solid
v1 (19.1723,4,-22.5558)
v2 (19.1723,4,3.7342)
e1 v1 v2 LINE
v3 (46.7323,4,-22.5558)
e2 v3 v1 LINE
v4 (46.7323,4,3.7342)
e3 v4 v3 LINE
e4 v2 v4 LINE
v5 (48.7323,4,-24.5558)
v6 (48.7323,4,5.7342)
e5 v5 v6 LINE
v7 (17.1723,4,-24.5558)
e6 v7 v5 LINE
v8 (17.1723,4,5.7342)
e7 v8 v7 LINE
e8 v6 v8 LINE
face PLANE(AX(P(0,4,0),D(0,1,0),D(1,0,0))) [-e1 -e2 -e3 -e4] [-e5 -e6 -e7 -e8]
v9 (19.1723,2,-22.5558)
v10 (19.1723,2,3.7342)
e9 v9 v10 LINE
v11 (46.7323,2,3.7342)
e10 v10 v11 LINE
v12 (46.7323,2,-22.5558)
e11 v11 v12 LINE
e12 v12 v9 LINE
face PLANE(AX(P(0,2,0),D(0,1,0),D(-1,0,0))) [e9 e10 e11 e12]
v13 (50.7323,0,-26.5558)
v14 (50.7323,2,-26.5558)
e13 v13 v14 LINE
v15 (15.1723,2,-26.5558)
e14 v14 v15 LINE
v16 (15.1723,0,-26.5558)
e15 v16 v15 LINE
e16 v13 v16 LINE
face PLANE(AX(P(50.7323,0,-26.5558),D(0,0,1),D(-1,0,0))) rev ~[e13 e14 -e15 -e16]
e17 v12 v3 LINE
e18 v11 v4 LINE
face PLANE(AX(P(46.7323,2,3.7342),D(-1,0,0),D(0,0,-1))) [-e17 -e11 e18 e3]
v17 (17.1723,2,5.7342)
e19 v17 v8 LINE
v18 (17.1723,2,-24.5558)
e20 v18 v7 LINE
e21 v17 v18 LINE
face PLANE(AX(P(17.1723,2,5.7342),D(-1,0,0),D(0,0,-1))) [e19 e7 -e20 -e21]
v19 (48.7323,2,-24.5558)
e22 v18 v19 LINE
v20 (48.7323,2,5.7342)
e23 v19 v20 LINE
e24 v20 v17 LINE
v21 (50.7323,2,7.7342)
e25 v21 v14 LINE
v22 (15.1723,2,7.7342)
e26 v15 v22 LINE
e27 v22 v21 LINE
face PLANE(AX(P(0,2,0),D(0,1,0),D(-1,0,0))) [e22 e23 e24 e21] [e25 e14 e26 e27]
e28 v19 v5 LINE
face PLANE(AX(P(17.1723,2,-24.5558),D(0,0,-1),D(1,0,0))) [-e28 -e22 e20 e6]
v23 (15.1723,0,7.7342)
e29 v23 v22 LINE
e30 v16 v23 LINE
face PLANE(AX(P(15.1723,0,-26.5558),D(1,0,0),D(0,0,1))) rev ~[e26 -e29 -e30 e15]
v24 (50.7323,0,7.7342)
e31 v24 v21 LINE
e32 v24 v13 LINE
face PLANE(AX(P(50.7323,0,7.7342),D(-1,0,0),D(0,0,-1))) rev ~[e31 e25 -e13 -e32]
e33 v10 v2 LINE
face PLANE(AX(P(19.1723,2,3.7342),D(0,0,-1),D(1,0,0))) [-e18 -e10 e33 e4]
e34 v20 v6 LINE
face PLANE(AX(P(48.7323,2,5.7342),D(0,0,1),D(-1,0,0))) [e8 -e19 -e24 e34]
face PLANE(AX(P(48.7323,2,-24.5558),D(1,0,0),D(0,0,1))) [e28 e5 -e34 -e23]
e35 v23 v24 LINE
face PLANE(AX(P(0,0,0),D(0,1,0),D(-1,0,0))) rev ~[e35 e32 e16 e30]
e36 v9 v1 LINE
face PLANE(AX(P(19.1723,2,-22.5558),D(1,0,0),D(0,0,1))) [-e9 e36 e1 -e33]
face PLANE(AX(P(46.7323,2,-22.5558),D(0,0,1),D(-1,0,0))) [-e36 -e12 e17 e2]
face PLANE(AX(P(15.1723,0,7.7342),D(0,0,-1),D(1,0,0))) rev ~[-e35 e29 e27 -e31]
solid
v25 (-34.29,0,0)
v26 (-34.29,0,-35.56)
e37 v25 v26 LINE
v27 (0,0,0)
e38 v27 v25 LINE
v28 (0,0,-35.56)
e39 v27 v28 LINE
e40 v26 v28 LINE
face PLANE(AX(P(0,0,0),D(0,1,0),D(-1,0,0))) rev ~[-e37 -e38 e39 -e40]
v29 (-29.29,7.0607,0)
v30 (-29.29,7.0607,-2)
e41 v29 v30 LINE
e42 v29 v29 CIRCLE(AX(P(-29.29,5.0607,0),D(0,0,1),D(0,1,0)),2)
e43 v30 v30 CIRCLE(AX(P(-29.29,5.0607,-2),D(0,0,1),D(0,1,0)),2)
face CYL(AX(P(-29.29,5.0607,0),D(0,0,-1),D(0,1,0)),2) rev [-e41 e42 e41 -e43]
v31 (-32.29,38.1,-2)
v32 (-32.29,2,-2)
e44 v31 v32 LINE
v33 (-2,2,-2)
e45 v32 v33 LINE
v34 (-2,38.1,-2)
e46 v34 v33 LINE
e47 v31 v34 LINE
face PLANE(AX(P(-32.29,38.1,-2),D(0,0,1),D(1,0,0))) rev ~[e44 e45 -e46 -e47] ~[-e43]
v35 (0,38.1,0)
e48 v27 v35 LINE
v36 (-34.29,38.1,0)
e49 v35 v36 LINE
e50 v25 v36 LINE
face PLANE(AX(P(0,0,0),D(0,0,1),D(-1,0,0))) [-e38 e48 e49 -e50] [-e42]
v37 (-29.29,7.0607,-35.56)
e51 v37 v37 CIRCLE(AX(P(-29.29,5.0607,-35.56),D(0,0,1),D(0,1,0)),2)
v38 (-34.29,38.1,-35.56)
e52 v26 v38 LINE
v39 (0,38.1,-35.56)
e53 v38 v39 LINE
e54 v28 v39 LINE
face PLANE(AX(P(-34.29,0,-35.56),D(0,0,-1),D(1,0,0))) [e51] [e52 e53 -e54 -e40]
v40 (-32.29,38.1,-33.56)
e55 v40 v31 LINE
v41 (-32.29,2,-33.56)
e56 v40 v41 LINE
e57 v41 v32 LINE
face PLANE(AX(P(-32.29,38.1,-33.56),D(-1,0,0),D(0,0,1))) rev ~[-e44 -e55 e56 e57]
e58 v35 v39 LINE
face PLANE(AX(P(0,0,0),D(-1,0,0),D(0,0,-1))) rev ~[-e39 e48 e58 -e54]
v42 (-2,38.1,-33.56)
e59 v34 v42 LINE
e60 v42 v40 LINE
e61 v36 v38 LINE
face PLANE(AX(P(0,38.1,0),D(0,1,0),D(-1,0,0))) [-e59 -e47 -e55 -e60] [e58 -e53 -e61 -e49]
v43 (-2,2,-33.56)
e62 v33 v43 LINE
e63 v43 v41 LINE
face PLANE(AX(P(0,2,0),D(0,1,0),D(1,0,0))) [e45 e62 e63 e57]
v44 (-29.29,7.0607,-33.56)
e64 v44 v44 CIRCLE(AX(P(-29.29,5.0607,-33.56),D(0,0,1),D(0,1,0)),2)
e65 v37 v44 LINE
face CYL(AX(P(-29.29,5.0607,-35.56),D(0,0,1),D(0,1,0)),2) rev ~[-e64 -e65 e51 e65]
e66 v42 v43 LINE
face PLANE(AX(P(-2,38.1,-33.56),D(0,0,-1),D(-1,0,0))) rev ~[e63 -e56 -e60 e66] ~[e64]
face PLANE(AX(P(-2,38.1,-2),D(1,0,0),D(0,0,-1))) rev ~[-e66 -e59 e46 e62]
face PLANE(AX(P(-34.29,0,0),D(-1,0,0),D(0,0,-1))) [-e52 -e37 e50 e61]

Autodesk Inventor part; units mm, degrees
ref_plane "YZ Plane" through (0, 0, 0) normal (1, 0, 0) x (0, 1, 0)
ref_plane "XZ Plane" through (0, 0, 0) normal (0, 1, 0) x (-1, 0, 0)
ref_plane "XY Plane" through (0, 0, 0) normal (0, 0, 1) x (1, 0, 0)
sketch "Sketch1" plane through (0, 0, 0) normal (0, 1, 0) x (-1, 0, 0)
  line L0 (0, 0) -> (34.29, 0)
  line L1 (0, 0) -> (0, -35.56)
  line L2 (0, 0) -> (34.29, 0)
  line L3 (34.29, 0) -> (34.29, -35.56)
  line L4 (34.29, -35.56) -> (0, -35.56)
  line L5 (0, -35.56) -> (0, 0)
  dimension "d0" = 34.29
  dimension "d1" = 35.56
extrude "Extrusion1" add sketch "Sketch1" along normal blind 38.1
sketch "Sketch2" plane through (0, 38.1, 0) normal (0, 1, 0) x (1, 0, 0)
  line L0 (-34.29, 35.56) -> (-34.29, 0) projected
  line L1 (-34.29, 0) -> (0, 0) projected
  line L2 (0, 0) -> (0, 35.56) projected
  line L3 (0, 35.56) -> (-34.29, 35.56) projected
  line L4 (-32.29, 33.56) -> (-32.29, 2)
  line L5 (-32.29, 2) -> (-2, 2)
  line L6 (-2, 2) -> (-2, 33.56)
  line L7 (-2, 33.56) -> (-32.29, 33.56)
  dimension "d4" = 2
extrude "Extrusion2" cut sketch "Sketch2" against normal blind 36.1 contours L7 L6 L5 L4
sketch "Sketch3" plane through (0, 0, -35.56) normal (0, 0, -1) x (-1, 0, 0)
  line L0 (0, 0) -> (34.29, 0) projected
  line L1 (34.29, 0) -> (34.29, 38.1) projected
  line L2 (0, 38.1) -> (34.29, 38.1) projected
  line L3 (0, 0) -> (0, 38.1) projected
  line L4 (34.29, 0) -> (34.29, 38.1) projected
  line L5 (34.29, 0) -> (29.29, 0)
  line L6 (0, 0) -> (34.29, 0) projected
  line L7 (29.29, 0) -> (29.29, 5.0607)
  line L8 (2, 38.1) -> (32.29, 38.1) projected
  line L9 (2, 38.1) -> (2, 2) projected
  line L10 (2, 2) -> (32.29, 2) projected
  line L11 (32.29, 38.1) -> (32.29, 2) projected
  line L12 (32.29, 38.1) -> (32.29, 2) projected
  dimension "d7" = 5
  dimension "d8" = 5.0607
hole "Hole1" at (-29.29, 5.0607, -35.56) direction (0, 0, 1) diameter 4 depth 2
ref_plane "Work Plane1" through (-2, 38.1, -17.78) normal (0, 0, -1) x (-1, 0, 0)
mirror "Mirror1" about plane through (-2, 38.1, -17.78) normal (0, 0, -1) of "Hole1"
sketch "Sketch4" plane through (0, 0, 0) normal (0, 1, 0) x (-1, 0, 0)
  line L0 (32.29, -33.56) -> (2, -33.56) projected
  line L1 (2, -33.56) -> (2, -2) projected
  line L2 (2, -2) -> (32.29, -2) projected
  line L3 (32.29, -2) -> (32.29, -33.56) projected
  line L4 (34.29, -35.56) -> (34.29, 0) projected
  line L5 (34.29, 0) -> (0, 0) projected
  line L6 (0, 0) -> (0, -35.56) projected
  line L7 (0, -35.56) -> (34.29, -35.56) projected
  line L8 (-15.1723, 7.7342) -> (-50.7323, 7.7342)
  line L9 (-50.7323, 7.7342) -> (-50.7323, -26.5558)
  line L10 (-50.7323, -26.5558) -> (-15.1723, -26.5558)
  line L11 (-15.1723, -26.5558) -> (-15.1723, 7.7342)
  dimension "d17" = 35.56
  dimension "d18" = 34.29
extrude "Extrusion3" add sketch "Sketch4" along normal blind 2 contours L11 L10 L9 L8
sketch "Sketch5" plane through (0, 2, 0) normal (0, 1, 0) x (1, 0, 0)
  line L0 (50.7323, -7.7342) -> (50.7323, 26.5558) projected
  line L1 (50.7323, 26.5558) -> (15.1723, 26.5558) projected
  line L2 (15.1723, 26.5558) -> (15.1723, -7.7342) projected
  line L3 (15.1723, -7.7342) -> (50.7323, -7.7342) projected
  line L4 (17.1723, 24.5558) -> (48.7323, 24.5558)
  line L5 (48.7323, 24.5558) -> (48.7323, -5.7342)
  line L6 (48.7323, -5.7342) -> (17.1723, -5.7342)
  line L7 (17.1723, -5.7342) -> (17.1723, 24.5558)
  line L8 (46.7323, 22.5558) -> (19.1723, 22.5558)
  line L9 (19.1723, 22.5558) -> (19.1723, -3.7342)
  line L10 (19.1723, -3.7342) -> (46.7323, -3.7342)
  line L11 (46.7323, -3.7342) -> (46.7323, 22.5558)
  point P0 (0, 0)
  dimension "d21" = 2
  dimension "d22" = 2
extrude "Extrusion4" add sketch "Sketch5" along normal blind 2 contours L4 L5 L6 L7
properties part number "waterBallonHolder"
